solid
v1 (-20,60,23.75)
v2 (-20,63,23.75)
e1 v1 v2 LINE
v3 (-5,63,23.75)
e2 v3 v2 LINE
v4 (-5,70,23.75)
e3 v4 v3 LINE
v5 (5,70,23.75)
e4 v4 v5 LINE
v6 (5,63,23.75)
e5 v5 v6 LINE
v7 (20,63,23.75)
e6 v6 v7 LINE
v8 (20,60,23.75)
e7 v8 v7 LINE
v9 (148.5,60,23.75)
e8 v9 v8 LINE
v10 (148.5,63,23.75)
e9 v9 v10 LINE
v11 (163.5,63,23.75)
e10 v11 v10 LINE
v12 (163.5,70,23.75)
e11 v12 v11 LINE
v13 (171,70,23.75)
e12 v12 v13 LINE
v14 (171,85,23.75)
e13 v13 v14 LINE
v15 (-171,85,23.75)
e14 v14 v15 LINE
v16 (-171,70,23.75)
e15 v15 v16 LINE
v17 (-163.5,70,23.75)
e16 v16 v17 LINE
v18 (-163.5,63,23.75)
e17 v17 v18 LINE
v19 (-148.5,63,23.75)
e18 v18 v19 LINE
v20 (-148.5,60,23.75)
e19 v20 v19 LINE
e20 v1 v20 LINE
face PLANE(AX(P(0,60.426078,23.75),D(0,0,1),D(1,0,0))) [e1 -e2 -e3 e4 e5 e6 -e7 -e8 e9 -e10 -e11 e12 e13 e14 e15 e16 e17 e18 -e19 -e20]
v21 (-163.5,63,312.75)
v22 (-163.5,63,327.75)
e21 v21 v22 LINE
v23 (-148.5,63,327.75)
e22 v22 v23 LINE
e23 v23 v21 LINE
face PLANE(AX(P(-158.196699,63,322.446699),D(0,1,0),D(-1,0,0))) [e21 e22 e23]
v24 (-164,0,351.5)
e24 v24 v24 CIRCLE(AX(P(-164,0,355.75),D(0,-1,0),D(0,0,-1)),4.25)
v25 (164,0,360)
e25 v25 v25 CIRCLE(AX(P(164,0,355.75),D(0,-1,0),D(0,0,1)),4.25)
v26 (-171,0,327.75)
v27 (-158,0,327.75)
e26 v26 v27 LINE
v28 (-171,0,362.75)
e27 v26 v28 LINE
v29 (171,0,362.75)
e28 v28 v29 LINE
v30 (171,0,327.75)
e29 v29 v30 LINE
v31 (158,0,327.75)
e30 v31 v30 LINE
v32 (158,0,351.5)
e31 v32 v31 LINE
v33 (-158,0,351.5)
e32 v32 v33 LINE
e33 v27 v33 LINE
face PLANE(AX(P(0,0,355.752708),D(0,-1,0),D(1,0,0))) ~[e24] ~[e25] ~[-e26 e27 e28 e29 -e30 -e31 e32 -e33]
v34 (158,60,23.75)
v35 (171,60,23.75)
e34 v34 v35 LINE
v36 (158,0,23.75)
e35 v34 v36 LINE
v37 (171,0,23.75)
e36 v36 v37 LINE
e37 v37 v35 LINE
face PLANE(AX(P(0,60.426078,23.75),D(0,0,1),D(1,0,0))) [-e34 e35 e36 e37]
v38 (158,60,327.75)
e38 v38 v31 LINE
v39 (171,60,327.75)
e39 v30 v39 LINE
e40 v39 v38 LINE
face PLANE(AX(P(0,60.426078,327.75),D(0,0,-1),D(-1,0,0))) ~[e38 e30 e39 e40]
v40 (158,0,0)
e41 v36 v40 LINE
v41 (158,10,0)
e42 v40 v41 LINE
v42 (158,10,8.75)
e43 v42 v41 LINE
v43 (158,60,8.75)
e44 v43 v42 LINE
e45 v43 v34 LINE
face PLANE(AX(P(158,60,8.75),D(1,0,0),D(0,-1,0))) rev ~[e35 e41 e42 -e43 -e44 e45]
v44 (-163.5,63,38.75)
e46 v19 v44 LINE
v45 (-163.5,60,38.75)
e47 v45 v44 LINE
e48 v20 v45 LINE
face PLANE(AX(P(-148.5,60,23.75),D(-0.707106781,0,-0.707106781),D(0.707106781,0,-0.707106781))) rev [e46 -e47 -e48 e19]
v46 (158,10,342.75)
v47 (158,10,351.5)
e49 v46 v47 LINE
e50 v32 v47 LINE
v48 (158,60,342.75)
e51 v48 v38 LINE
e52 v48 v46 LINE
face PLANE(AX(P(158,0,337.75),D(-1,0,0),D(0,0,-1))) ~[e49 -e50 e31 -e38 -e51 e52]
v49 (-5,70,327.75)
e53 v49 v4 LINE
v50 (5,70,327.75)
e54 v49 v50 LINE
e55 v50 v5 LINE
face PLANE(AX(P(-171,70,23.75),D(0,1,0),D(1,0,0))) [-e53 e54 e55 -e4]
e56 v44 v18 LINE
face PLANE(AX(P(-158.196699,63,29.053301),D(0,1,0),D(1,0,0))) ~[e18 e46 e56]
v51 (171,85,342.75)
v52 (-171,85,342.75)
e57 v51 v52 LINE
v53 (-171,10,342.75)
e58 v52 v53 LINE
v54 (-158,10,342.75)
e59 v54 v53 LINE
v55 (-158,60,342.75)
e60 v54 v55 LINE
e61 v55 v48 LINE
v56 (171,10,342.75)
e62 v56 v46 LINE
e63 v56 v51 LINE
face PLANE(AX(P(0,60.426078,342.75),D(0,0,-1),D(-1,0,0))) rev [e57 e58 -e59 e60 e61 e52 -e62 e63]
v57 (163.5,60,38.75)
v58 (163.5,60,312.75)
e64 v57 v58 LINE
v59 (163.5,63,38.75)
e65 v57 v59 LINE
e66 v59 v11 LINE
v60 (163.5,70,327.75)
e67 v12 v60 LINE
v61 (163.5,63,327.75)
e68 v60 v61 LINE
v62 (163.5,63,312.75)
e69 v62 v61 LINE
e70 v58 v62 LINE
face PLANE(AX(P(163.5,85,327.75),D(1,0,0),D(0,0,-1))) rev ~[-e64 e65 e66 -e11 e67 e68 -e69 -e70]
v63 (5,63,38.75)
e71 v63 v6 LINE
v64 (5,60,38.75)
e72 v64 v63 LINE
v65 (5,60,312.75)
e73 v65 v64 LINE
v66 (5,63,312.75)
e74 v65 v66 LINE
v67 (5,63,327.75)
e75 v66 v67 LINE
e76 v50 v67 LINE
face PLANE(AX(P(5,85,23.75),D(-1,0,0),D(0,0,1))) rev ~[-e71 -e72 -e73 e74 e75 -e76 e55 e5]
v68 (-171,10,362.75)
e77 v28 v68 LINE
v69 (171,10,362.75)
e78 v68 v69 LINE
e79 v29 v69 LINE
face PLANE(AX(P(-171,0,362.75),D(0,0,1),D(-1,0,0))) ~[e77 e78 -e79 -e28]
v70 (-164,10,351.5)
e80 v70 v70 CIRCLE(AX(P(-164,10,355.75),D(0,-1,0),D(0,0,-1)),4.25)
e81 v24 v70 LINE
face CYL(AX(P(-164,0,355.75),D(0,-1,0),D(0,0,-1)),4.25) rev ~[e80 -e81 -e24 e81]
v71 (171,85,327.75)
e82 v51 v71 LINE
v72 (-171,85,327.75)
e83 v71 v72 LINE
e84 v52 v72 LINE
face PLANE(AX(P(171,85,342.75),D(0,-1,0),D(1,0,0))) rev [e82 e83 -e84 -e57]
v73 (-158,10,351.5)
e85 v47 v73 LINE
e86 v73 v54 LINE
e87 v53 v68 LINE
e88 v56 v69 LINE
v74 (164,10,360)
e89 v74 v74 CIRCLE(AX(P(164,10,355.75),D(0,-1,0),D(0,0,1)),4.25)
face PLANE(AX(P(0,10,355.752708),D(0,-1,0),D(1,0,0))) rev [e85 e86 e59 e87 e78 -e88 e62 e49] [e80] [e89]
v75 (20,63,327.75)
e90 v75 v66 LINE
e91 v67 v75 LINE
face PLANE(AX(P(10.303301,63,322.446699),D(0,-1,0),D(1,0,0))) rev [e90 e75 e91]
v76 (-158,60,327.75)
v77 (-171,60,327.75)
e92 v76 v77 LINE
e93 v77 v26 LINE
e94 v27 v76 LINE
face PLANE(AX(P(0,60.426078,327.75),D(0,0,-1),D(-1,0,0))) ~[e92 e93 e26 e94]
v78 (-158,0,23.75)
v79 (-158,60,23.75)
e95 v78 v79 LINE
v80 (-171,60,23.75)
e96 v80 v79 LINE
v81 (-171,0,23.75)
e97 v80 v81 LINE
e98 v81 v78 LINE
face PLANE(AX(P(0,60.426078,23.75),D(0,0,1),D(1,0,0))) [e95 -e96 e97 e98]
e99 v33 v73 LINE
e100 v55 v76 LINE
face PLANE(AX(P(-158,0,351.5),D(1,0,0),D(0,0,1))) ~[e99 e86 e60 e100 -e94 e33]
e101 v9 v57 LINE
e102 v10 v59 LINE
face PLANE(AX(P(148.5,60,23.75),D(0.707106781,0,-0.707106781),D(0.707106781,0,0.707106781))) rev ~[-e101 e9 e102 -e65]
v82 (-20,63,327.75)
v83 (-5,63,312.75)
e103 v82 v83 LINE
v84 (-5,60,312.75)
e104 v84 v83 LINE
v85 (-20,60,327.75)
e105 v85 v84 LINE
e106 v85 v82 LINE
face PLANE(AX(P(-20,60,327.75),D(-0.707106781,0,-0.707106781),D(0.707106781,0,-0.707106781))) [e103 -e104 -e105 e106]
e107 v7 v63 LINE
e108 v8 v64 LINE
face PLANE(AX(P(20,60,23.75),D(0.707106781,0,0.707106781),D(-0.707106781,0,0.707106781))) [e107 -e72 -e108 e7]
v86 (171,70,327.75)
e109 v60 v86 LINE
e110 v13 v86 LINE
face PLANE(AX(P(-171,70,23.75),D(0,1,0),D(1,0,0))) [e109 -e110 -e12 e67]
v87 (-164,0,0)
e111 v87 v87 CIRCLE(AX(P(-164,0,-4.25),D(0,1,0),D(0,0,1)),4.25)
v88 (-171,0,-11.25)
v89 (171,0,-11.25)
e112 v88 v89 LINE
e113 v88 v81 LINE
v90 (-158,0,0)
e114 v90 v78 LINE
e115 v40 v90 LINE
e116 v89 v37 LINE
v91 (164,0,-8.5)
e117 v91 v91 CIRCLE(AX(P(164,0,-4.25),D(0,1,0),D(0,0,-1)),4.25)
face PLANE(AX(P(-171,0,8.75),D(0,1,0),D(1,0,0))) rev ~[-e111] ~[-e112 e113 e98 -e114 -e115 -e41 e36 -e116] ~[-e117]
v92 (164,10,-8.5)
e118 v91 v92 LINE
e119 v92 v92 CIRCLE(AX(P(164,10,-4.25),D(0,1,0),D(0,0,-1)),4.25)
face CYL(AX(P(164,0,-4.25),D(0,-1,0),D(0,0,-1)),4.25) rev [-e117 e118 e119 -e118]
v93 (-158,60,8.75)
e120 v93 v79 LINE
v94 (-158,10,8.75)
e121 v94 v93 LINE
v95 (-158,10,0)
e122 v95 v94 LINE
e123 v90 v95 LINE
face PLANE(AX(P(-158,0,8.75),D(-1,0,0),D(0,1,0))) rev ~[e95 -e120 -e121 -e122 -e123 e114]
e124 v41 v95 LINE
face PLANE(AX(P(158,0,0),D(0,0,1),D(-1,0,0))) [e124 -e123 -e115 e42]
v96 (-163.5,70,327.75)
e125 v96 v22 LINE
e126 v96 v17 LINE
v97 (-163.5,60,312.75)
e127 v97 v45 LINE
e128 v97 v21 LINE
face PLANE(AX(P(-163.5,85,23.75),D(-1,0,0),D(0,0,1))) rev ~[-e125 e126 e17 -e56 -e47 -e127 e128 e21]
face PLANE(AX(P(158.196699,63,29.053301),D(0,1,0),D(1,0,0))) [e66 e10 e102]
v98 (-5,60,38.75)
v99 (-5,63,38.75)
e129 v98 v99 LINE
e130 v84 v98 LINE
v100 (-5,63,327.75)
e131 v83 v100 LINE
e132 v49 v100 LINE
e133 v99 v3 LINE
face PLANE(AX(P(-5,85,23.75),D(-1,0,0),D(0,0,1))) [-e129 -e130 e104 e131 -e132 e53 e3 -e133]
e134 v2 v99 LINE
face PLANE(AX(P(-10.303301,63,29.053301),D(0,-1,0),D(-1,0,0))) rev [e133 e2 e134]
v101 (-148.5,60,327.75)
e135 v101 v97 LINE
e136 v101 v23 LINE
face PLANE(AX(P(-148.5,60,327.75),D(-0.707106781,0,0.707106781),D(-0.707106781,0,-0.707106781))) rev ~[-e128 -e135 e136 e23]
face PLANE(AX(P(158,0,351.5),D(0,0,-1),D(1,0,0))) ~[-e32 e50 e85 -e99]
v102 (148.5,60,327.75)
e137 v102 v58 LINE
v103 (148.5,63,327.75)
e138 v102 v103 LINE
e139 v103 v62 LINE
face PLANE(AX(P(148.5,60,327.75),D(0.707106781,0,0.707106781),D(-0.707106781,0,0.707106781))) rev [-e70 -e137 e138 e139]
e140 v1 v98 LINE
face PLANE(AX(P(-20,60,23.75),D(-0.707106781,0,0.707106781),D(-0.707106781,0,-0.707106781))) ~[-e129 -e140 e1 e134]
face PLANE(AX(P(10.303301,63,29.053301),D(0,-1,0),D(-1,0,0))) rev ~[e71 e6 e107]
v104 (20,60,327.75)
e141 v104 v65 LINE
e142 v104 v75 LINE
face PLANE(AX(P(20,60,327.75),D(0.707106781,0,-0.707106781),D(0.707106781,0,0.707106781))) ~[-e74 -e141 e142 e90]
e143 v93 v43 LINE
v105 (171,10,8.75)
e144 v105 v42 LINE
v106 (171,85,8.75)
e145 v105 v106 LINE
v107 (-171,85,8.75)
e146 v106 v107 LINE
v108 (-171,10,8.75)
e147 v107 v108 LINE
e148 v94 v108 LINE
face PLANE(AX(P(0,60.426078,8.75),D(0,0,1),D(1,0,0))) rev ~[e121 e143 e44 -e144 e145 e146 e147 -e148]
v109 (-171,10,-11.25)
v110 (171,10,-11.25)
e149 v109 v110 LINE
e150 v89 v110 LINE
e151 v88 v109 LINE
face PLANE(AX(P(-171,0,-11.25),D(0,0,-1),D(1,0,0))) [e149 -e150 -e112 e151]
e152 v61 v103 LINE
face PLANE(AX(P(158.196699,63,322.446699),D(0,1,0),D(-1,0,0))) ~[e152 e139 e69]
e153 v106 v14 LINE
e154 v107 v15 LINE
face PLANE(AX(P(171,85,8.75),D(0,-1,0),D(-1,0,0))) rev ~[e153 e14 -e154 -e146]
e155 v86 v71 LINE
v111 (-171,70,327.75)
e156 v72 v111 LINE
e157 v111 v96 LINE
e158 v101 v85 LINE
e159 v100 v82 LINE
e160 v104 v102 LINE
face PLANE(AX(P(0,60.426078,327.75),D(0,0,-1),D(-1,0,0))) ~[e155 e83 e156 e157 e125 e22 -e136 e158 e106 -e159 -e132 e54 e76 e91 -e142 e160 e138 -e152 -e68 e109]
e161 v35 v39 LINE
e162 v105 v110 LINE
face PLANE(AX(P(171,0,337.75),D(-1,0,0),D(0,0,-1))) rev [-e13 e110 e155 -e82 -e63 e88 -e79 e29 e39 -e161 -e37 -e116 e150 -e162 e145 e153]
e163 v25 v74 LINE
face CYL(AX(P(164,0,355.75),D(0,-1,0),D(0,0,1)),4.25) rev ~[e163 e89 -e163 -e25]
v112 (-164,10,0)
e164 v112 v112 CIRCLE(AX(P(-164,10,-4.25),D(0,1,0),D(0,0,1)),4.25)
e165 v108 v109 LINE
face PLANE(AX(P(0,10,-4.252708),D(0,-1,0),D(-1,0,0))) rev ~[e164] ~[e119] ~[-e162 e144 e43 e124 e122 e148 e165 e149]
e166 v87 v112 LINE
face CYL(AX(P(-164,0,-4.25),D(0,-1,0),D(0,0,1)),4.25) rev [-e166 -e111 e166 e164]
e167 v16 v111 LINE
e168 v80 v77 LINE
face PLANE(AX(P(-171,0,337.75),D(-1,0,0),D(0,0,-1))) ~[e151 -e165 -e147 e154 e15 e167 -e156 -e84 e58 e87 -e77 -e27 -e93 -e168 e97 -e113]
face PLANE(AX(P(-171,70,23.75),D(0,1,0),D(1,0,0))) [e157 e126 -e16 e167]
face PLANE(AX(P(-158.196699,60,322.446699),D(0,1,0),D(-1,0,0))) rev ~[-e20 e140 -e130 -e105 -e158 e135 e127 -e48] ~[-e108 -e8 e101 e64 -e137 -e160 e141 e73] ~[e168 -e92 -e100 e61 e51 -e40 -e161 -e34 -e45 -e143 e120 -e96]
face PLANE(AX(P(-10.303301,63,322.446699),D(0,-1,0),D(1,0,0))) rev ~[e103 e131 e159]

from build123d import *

# Parameters (mm, degrees)
SKETCH1_R                                = 4.25
BOSS_EXTRUDE1_DEPTH                      = 10
BOSS_EXTRUDE2_START                      = -5
BOSS_EXTRUDE2_DEPTH                      = 15
SKETCH3_W                                = 342
SKETCH3_H                                = 10
BOSS_EXTRUDE3_DEPTH                      = 304
CUT_EXTRUDE1_REACH                       = 381.323
BOSS_EXTRUDE4_DEPTH                      = 3
MIRROR5_AT_THE_SECOND_PLANE_COPY_1_DEPTH = 3


with BuildPart() as part:
    # Sketch1 → Boss-Extrude1 (new body)
    with BuildSketch(Plane(origin=(0, 0, 0), x_dir=(1, 0, 0), z_dir=(0, 1, 0))):
        Polygon((-171, 11.25), (171, 11.25), (171, 0), (171, -13.75), (158, -13.75), (158, 0), (-158, 0), (-158, -13.75), (-171, -13.75), align=None)
        with Locations(Location((-164, 4.25, 0), (0, 0, 270))):
            Circle(SKETCH1_R, mode=Mode.SUBTRACT)
        with Locations(Location((164, 4.25, 0), (0, 0, 90))):
            Circle(SKETCH1_R, mode=Mode.SUBTRACT)
    boss_extrude1 = extrude(amount=BOSS_EXTRUDE1_DEPTH)

    # Sketch2 → Boss-Extrude2 (add)
    with BuildSketch(Plane.XY.offset(13.75).offset(BOSS_EXTRUDE2_START)):
        Polygon((-171, 85), (-171, 0), (-158, 0), (-158, 60), (158, 60), (158, 0), (171, 0), (171, 85), align=None)
    boss_extrude2 = extrude(amount=BOSS_EXTRUDE2_DEPTH)

    # Sketch3 → Boss-Extrude3 (add)
    with BuildSketch(Plane.XY.offset(23.75)):
        with Locations((0, 65)):
            Rectangle(SKETCH3_W, SKETCH3_H)
    extrude(amount=BOSS_EXTRUDE3_DEPTH)

    # Sketch4 → Cut-Extrude1 (cut, up to next)
    with BuildSketch(Plane(origin=(0, 85, 0), x_dir=(1, 0, 0), z_dir=(0, 1, 0)), mode=Mode.PRIVATE) as cut_extrude1_sk1:
        Polygon((-163.5, -23.75), (-5, -23.75), (-5, -327.75), (-163.5, -327.75), (-163.5, -39.75), (-163.5, -34.75), align=None)
    cut_extrude1_tool1 = extrude(cut_extrude1_sk1.sketch, amount=-CUT_EXTRUDE1_REACH, mode=Mode.PRIVATE) & part.part
    # Sketch4 → Cut-Extrude1 (cut, up to next)
    with BuildSketch(Plane(origin=(0, 85, 0), x_dir=(1, 0, 0), z_dir=(0, 1, 0)), mode=Mode.PRIVATE) as cut_extrude1_sk2:
        Polygon((163.5, -23.75), (163.5, -51.4723011), (163.5, -327.75), (5, -327.75), (5, -39.75), (5, -23.75), align=None)
    cut_extrude1_tool2 = extrude(cut_extrude1_sk2.sketch, amount=-CUT_EXTRUDE1_REACH, mode=Mode.PRIVATE) & part.part
    add(cut_extrude1_tool1.solids().sort_by_distance((-84.25, 85, 175.75))[0], mode=Mode.SUBTRACT)
    add(cut_extrude1_tool2.solids().sort_by_distance((84.25, 85, 175.75))[0], mode=Mode.SUBTRACT)

    # Mirror3: Boss-Extrude2 across plane
    add(boss_extrude2.mirror(Plane(origin=(0, 0, 175.75), x_dir=(1, 0, 0), z_dir=(0, 0, -1))))

    # Mirror4: Boss-Extrude1 across plane
    add(boss_extrude1.mirror(Plane(origin=(0, 0, 175.75), x_dir=(1, 0, 0), z_dir=(0, 0, -1))))

    # Sketch7 → Boss-Extrude4 (add)
    with BuildSketch(Plane(origin=(0, 60, 0), x_dir=(-1, 0, 0), z_dir=(0, -1, 0))):
        Polygon((-163.5, -23.75), (-148.5, -23.75), (-163.5, -38.75), align=None)
        Polygon((-5, -23.75), (-20, -23.75), (-5, -38.75), align=None)
    boss_extrude4 = extrude(amount=-BOSS_EXTRUDE4_DEPTH)

    # Mirror5: Boss-Extrude4 across plane
    add(boss_extrude4.mirror(Plane(origin=(0, 0, 175.75), x_dir=(1, 0, 0), z_dir=(0, 0, -1))))

    # Mirror5 at the second plane: Boss-Extrude4 across plane
    add(boss_extrude4.mirror(Plane(origin=(0, 0, 0), x_dir=(0, 0, 1), z_dir=(1, 0, 0))))

    # Mirror5 at the second plane copy 1 sketc → Mirror5 at the second plane copy 1 (add)
    with BuildSketch(Plane(origin=(0, 60, 351.5), x_dir=(1, 0, 0), z_dir=(0, -1, 0))):
        Polygon((-163.5, -23.75), (-148.5, -23.75), (-163.5, -38.75), align=None)
        Polygon((-5, -23.75), (-20, -23.75), (-5, -38.75), align=None)
    extrude(amount=-MIRROR5_AT_THE_SECOND_PLANE_COPY_1_DEPTH)


solid = part.part
